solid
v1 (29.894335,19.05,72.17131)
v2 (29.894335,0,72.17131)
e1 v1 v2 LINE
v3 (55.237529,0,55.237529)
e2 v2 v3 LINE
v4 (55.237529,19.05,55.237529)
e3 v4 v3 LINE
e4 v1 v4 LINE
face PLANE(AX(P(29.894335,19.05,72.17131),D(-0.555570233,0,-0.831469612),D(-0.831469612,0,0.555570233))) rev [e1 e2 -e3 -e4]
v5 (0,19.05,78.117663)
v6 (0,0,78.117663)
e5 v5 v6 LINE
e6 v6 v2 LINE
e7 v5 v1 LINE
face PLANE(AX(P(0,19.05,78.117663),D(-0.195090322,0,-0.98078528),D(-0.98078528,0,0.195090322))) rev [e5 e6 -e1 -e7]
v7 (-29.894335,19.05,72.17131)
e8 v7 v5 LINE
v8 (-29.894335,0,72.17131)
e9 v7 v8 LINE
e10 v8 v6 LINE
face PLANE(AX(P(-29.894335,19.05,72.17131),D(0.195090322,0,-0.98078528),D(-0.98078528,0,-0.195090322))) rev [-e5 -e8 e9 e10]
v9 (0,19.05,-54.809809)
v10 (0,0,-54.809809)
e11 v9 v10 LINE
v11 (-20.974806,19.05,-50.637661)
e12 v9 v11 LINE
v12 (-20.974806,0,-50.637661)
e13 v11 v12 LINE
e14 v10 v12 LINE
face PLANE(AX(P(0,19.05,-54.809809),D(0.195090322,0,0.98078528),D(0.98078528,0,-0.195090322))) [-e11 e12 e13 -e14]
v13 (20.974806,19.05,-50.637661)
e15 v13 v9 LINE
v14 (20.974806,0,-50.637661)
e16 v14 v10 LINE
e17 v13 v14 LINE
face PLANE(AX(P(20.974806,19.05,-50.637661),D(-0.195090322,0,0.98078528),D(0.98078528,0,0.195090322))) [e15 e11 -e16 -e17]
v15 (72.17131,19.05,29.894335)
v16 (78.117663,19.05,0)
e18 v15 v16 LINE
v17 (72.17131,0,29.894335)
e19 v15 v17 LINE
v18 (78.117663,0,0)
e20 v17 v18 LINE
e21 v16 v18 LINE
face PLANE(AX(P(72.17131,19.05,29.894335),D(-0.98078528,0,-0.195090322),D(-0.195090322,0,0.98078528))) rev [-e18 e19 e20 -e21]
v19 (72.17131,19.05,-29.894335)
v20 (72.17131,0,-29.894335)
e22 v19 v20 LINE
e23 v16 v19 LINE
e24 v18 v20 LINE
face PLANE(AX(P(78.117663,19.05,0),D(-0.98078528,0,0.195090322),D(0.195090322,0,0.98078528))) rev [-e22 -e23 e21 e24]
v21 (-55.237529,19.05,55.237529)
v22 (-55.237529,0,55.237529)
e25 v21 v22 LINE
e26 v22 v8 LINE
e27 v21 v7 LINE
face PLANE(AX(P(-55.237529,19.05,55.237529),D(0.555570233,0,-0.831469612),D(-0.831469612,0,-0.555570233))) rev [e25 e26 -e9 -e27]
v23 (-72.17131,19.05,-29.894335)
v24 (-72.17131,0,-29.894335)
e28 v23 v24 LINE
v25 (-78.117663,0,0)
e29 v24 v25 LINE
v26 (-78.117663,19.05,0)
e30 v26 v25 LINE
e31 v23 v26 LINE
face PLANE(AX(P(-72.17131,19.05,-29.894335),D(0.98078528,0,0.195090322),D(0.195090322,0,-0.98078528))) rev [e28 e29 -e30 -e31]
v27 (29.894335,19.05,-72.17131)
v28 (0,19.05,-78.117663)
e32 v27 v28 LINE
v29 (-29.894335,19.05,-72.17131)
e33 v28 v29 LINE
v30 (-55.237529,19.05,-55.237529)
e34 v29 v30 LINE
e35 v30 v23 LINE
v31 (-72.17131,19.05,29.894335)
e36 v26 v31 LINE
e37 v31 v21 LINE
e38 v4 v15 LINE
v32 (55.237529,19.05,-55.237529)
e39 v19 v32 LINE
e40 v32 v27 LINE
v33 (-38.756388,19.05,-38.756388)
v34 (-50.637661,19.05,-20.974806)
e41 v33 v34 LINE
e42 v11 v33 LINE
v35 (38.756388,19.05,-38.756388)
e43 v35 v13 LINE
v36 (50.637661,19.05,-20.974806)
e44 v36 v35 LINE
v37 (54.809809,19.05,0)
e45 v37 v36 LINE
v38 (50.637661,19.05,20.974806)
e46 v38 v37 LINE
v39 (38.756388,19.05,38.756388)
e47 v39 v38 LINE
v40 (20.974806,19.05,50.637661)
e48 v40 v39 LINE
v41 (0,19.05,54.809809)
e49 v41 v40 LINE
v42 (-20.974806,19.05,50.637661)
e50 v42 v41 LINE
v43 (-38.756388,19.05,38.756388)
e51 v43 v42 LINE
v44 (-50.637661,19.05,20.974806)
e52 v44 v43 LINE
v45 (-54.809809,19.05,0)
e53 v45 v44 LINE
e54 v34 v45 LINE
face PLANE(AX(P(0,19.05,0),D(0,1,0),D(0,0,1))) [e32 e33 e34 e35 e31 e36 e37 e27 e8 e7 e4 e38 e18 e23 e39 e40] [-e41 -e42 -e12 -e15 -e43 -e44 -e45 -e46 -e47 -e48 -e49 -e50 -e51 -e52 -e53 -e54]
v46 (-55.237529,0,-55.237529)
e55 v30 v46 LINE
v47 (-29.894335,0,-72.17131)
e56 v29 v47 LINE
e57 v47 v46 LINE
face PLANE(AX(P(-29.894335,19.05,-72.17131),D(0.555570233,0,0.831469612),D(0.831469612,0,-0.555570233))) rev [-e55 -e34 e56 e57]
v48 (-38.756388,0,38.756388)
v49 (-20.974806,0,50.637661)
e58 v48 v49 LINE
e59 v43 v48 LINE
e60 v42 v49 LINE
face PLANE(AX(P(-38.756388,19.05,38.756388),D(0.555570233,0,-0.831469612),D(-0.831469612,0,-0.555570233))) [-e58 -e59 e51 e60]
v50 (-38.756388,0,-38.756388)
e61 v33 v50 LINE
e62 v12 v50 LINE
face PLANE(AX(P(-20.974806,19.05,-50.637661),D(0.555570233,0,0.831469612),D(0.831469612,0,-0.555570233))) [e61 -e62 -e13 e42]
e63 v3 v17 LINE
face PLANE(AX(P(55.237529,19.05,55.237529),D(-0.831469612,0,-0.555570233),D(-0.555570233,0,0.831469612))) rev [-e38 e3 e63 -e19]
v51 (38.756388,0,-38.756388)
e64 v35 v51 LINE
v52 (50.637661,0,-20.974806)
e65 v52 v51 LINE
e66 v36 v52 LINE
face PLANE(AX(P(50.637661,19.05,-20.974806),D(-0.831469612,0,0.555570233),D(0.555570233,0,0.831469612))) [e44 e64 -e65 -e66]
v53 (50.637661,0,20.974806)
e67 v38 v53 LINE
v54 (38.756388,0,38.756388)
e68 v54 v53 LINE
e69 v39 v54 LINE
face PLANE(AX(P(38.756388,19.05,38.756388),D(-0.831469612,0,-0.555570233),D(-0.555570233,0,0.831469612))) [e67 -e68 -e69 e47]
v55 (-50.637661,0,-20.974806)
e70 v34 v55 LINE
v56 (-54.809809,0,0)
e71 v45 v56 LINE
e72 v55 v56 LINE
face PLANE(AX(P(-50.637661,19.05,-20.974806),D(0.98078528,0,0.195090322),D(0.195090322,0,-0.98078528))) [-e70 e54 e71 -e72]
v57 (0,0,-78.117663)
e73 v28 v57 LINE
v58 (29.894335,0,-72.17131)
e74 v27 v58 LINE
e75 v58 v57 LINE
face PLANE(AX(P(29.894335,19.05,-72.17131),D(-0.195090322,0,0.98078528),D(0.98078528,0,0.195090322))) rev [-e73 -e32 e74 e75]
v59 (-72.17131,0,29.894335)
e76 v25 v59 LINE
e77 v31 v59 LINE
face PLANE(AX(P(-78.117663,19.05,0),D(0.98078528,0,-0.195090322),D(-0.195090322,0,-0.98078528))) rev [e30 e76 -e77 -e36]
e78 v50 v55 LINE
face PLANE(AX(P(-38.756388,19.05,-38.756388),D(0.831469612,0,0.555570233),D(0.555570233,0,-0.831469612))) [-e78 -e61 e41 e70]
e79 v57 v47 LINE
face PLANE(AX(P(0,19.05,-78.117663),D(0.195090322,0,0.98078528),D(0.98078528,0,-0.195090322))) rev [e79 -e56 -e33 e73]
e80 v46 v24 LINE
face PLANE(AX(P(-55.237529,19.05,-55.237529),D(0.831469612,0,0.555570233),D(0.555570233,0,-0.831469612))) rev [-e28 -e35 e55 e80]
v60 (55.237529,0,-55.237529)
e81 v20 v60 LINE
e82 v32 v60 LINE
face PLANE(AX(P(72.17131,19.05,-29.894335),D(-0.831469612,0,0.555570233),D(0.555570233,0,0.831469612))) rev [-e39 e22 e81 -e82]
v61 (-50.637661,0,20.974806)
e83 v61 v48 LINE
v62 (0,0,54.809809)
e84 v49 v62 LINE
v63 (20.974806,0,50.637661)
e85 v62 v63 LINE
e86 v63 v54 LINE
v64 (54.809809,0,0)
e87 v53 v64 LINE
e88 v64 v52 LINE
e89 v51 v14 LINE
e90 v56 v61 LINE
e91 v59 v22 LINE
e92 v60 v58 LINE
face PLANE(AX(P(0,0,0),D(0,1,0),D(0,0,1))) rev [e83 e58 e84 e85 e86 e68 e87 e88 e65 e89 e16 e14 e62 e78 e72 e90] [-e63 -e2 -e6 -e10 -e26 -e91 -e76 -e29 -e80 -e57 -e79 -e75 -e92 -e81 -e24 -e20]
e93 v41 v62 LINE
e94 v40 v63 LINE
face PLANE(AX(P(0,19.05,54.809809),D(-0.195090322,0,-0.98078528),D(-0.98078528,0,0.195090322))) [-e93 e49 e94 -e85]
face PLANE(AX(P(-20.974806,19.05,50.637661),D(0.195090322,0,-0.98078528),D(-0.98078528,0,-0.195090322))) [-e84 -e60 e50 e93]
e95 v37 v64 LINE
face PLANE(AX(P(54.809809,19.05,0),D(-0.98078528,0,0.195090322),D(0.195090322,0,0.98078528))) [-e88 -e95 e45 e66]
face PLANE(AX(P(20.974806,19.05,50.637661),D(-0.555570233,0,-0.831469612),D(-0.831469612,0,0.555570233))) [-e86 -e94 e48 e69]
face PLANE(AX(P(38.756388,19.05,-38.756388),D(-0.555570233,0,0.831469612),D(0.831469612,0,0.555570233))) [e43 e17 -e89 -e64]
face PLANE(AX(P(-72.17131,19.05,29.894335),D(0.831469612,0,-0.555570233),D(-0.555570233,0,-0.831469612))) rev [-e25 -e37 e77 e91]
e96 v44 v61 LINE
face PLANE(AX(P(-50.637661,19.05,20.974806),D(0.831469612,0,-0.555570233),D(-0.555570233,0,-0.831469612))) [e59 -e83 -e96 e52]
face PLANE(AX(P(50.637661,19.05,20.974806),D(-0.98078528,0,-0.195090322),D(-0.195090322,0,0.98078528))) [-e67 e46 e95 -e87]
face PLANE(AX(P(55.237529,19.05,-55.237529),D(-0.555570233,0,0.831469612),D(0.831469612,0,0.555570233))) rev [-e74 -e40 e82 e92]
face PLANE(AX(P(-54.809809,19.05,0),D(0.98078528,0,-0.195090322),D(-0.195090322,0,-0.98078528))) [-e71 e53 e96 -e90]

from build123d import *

# Parameters (mm, degrees)
BOSS_EXTRUDE1_DEPTH = 19.05


with BuildPart() as part:
    # Sketch1 → Boss-Extrude1 (new body)
    with BuildSketch(Plane(origin=(0, 0, 0), x_dir=(1, 0, 0), z_dir=(0, 1, 0))):
        Polygon((78.117662847, 0), (72.171309832, 29.894335347), (55.23752913, 55.23752913), (29.894335347, 72.171309832), (0, 78.117662847), (-29.894335347, 72.171309832), (-55.23752913, 55.23752913), (-72.171309832, 29.894335347), (-78.117662847, 0), (-72.171309832, -29.894335347), (-55.23752913, -55.23752913), (-29.894335347, -72.171309832), (0, -78.117662847), (29.894335347, -72.171309832), (55.23752913, -55.23752913), (72.171309832, -29.894335347), align=None)
        Polygon((54.809808971, 0), (50.637660689, 20.974805824), (38.756387599, 38.756387599), (20.974805824, 50.637660689), (0, 54.809808971), (-20.974805824, 50.637660689), (-38.756387599, 38.756387599), (-50.637660689, 20.974805824), (-54.809808971, 0), (-50.637660689, -20.974805824), (-38.756387599, -38.756387599), (-20.974805824, -50.637660689), (0, -54.809808971), (20.974805824, -50.637660689), (38.756387599, -38.756387599), (50.637660689, -20.974805824), align=None, mode=Mode.SUBTRACT)
    extrude(amount=BOSS_EXTRUDE1_DEPTH)


solid = part.part
